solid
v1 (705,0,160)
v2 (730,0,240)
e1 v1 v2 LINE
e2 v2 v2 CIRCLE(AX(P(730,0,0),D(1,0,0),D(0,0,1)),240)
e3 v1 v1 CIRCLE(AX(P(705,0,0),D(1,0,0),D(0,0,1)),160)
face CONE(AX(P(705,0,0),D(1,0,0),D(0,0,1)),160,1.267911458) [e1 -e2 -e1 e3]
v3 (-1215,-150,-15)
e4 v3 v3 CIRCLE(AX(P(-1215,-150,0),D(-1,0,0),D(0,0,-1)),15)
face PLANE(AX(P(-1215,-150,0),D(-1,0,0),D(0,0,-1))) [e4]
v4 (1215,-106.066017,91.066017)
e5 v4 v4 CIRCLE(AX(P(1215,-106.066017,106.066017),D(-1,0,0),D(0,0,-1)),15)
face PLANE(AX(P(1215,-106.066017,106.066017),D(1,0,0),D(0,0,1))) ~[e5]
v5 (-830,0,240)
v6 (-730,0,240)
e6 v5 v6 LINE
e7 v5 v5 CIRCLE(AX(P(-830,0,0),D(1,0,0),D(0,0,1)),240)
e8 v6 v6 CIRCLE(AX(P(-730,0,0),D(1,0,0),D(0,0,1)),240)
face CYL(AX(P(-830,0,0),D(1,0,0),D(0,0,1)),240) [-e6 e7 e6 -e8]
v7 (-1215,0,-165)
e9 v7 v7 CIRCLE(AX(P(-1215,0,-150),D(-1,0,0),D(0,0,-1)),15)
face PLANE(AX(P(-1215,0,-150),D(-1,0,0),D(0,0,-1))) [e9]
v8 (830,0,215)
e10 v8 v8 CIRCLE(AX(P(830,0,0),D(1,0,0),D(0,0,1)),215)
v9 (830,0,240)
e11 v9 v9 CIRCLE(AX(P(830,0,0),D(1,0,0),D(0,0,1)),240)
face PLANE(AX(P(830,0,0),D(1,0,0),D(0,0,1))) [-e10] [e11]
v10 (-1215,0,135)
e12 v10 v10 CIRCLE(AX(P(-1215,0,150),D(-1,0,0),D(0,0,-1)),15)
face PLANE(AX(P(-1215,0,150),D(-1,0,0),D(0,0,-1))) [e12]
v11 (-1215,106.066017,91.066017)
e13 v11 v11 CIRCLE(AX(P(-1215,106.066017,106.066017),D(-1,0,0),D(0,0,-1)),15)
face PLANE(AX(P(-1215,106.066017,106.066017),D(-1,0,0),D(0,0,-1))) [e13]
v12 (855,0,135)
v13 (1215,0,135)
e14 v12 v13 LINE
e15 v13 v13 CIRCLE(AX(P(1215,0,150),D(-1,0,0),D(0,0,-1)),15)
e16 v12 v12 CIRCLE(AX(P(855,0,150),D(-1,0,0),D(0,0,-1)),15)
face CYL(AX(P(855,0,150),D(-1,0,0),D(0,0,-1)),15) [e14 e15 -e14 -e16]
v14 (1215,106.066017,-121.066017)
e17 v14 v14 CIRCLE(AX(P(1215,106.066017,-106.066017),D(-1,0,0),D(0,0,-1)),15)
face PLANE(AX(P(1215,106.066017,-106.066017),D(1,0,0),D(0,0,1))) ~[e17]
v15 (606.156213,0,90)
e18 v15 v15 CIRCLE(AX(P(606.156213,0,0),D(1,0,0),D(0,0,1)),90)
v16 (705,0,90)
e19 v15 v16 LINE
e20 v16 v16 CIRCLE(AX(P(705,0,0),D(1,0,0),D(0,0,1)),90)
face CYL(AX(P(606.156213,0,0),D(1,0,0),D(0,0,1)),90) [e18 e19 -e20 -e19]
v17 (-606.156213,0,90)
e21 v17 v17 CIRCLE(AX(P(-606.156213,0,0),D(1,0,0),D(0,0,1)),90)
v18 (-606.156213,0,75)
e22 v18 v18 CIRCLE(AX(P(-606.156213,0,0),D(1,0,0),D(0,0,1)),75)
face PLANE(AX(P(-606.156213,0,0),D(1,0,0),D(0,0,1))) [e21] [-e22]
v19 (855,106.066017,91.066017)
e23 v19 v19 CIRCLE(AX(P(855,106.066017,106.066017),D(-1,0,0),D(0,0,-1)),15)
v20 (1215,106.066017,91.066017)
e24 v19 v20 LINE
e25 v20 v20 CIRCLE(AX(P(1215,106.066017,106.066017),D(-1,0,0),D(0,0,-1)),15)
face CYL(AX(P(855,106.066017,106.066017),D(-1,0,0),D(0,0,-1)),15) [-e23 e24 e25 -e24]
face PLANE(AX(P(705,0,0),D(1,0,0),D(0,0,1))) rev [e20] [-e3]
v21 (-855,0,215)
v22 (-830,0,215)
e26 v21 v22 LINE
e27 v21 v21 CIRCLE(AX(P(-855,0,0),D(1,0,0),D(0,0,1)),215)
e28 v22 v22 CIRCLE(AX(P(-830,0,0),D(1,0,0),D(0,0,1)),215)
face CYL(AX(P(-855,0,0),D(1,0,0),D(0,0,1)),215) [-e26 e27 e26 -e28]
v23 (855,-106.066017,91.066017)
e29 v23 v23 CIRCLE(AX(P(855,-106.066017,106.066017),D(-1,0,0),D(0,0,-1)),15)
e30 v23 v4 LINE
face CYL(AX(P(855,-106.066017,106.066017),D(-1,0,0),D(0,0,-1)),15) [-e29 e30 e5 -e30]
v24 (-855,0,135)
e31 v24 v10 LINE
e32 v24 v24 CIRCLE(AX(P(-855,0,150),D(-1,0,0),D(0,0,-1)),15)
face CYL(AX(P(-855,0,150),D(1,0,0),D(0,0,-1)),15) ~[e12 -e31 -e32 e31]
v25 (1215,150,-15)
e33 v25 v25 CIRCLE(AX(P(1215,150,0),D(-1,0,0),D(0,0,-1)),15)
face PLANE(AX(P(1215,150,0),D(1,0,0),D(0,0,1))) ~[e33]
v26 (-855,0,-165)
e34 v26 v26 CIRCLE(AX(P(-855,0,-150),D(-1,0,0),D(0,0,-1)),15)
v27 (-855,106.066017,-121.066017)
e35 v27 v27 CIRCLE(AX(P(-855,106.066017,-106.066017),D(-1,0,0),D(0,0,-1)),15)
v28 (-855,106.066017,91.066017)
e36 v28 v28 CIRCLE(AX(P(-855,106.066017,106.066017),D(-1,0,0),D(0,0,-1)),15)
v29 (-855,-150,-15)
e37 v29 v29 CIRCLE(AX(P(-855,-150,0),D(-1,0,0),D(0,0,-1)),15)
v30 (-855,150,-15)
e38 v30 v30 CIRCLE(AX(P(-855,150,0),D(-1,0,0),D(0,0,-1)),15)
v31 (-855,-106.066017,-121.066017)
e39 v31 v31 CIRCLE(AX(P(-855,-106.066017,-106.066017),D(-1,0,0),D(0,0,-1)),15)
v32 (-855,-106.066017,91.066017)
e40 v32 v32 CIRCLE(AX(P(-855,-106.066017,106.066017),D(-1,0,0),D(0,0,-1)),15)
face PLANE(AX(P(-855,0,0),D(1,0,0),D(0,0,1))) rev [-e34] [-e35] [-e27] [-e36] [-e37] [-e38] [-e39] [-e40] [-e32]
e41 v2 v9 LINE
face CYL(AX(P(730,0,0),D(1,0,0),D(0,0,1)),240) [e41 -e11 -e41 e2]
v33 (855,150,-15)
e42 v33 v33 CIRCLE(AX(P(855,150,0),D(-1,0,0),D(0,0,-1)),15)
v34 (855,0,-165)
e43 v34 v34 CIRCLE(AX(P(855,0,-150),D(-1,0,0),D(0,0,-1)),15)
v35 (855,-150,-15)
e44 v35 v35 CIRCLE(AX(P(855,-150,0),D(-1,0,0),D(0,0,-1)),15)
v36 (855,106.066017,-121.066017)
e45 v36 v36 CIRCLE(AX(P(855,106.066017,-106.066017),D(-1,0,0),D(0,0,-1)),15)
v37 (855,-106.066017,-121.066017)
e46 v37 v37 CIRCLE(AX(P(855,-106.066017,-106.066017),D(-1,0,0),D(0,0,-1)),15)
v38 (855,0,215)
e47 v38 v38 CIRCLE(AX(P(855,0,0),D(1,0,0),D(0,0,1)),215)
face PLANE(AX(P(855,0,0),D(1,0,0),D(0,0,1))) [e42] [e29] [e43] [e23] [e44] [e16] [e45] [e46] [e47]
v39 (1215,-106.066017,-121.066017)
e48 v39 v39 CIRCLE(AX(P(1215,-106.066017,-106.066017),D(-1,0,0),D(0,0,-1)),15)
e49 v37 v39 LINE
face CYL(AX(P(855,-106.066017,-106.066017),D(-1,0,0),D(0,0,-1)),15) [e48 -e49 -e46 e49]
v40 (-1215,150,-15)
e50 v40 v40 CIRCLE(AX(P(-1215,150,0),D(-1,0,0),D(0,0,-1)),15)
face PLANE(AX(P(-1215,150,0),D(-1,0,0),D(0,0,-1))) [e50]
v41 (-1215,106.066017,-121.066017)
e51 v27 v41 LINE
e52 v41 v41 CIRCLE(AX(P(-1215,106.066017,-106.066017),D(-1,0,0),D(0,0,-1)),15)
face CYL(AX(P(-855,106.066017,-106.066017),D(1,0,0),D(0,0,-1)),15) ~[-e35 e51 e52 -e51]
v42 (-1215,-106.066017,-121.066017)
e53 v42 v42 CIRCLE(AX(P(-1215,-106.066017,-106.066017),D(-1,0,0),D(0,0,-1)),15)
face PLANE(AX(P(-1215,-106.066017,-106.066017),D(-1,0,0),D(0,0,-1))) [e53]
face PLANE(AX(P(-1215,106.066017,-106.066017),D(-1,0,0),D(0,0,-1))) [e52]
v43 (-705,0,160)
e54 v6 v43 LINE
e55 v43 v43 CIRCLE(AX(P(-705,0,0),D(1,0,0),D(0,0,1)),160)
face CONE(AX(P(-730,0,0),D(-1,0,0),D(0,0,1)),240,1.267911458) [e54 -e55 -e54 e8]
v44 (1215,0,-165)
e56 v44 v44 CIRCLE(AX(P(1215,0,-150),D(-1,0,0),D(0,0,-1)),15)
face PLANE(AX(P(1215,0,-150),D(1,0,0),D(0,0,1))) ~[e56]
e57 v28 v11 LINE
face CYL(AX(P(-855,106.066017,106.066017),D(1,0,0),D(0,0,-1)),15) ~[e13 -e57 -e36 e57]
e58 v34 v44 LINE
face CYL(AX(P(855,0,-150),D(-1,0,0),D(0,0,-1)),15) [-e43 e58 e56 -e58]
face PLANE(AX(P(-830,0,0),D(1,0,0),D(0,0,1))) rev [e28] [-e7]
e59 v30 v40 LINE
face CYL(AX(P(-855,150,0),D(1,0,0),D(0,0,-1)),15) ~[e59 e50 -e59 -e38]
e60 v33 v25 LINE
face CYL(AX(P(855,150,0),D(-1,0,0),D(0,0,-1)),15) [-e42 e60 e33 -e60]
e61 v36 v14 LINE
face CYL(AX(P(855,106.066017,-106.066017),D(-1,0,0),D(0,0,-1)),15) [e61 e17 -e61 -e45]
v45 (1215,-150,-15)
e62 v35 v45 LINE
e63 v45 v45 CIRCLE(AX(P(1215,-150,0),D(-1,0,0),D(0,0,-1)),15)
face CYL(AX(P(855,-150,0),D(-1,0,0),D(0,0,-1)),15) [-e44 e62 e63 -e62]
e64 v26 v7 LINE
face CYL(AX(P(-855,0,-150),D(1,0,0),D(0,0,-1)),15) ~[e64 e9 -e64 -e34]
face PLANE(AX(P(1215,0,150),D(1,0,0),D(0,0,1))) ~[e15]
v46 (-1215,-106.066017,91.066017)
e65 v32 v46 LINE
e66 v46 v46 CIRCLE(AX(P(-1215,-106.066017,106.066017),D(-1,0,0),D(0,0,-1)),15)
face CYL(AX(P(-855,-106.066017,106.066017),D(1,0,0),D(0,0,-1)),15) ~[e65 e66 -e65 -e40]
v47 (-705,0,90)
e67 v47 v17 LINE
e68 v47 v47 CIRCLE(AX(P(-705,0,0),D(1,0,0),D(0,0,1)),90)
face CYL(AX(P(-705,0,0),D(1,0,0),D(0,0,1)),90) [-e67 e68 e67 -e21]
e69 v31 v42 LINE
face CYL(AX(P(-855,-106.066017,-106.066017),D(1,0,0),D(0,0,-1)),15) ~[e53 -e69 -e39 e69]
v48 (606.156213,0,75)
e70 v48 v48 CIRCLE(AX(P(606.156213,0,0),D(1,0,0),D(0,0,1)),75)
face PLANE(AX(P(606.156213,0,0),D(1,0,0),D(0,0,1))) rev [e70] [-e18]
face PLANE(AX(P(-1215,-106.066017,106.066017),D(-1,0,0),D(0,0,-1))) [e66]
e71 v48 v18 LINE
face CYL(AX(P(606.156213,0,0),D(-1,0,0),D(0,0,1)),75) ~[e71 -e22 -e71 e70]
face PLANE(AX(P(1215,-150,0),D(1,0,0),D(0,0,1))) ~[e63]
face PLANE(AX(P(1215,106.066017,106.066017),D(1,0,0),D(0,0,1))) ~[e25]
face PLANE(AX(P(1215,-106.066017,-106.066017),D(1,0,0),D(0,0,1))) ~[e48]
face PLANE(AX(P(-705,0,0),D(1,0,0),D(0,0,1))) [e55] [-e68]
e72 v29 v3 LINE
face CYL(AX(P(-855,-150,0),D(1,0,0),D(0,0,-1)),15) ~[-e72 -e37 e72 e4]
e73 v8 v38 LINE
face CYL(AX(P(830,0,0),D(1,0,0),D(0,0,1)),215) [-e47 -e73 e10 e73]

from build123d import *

# Parameters (mm, degrees)
SKETCH2_R           = 15
BOSS_EXTRUDE1_DEPTH = 360


with BuildPart() as part:
    # Sketch1 → Revolve1 (revolve)
    with BuildSketch(Plane.XY, mode=Mode.PRIVATE) as revolve1_sk:
        Polygon((-855, 0), (-855, 215), (-830, 215), (-830, 240), (-730, 240), (-705, 160), (-705, 90), (-606.156213382, 90), (-606.156213382, 75), (-129.903810568, 75), (129.903810568, 75), (606.156213382, 75), (606.156213382, 90), (705, 90), (705, 160), (730, 240), (830, 240), (830, 215), (855, 215), (855, 0), align=None)
    revolve(revolve1_sk.sketch.rotate(Axis((-1250, 0, 0), (1, 0, 0)), 90), axis=Axis((-1250, 0, 0), (1, 0, 0)))

    # Sketch2 → Boss-Extrude1 (add)
    with BuildSketch(Plane.ZY.offset(855)):
        with Locations(Location((0, 150, 0), (0, 0, 180))):
            Circle(SKETCH2_R)
        with Locations(Location((106.066017178, 106.066017178, 0), (0, 0, 180))):
            Circle(SKETCH2_R)
        with Locations(Location((150, 0, 0), (0, 0, 180))):
            Circle(SKETCH2_R)
        with Locations(Location((106.066017178, -106.066017178, 0), (0, 0, 180))):
            Circle(SKETCH2_R)
        with Locations(Location((0, -150, 0), (0, 0, 180))):
            Circle(SKETCH2_R)
        with Locations(Location((-106.066017178, -106.066017178, 0), (0, 0, 180))):
            Circle(SKETCH2_R)
        with Locations(Location((-150, 0, 0), (0, 0, 180))):
            Circle(SKETCH2_R)
        with Locations(Location((-106.066017178, 106.066017178, 0), (0, 0, 180))):
            Circle(SKETCH2_R)
    boss_extrude1 = extrude(amount=BOSS_EXTRUDE1_DEPTH)

    # Mirror1: Boss-Extrude1 across plane
    add(boss_extrude1.mirror(Plane(origin=(0, 0, 0), x_dir=(0, 0, 1), z_dir=(1, 0, 0))))


solid = part.part
